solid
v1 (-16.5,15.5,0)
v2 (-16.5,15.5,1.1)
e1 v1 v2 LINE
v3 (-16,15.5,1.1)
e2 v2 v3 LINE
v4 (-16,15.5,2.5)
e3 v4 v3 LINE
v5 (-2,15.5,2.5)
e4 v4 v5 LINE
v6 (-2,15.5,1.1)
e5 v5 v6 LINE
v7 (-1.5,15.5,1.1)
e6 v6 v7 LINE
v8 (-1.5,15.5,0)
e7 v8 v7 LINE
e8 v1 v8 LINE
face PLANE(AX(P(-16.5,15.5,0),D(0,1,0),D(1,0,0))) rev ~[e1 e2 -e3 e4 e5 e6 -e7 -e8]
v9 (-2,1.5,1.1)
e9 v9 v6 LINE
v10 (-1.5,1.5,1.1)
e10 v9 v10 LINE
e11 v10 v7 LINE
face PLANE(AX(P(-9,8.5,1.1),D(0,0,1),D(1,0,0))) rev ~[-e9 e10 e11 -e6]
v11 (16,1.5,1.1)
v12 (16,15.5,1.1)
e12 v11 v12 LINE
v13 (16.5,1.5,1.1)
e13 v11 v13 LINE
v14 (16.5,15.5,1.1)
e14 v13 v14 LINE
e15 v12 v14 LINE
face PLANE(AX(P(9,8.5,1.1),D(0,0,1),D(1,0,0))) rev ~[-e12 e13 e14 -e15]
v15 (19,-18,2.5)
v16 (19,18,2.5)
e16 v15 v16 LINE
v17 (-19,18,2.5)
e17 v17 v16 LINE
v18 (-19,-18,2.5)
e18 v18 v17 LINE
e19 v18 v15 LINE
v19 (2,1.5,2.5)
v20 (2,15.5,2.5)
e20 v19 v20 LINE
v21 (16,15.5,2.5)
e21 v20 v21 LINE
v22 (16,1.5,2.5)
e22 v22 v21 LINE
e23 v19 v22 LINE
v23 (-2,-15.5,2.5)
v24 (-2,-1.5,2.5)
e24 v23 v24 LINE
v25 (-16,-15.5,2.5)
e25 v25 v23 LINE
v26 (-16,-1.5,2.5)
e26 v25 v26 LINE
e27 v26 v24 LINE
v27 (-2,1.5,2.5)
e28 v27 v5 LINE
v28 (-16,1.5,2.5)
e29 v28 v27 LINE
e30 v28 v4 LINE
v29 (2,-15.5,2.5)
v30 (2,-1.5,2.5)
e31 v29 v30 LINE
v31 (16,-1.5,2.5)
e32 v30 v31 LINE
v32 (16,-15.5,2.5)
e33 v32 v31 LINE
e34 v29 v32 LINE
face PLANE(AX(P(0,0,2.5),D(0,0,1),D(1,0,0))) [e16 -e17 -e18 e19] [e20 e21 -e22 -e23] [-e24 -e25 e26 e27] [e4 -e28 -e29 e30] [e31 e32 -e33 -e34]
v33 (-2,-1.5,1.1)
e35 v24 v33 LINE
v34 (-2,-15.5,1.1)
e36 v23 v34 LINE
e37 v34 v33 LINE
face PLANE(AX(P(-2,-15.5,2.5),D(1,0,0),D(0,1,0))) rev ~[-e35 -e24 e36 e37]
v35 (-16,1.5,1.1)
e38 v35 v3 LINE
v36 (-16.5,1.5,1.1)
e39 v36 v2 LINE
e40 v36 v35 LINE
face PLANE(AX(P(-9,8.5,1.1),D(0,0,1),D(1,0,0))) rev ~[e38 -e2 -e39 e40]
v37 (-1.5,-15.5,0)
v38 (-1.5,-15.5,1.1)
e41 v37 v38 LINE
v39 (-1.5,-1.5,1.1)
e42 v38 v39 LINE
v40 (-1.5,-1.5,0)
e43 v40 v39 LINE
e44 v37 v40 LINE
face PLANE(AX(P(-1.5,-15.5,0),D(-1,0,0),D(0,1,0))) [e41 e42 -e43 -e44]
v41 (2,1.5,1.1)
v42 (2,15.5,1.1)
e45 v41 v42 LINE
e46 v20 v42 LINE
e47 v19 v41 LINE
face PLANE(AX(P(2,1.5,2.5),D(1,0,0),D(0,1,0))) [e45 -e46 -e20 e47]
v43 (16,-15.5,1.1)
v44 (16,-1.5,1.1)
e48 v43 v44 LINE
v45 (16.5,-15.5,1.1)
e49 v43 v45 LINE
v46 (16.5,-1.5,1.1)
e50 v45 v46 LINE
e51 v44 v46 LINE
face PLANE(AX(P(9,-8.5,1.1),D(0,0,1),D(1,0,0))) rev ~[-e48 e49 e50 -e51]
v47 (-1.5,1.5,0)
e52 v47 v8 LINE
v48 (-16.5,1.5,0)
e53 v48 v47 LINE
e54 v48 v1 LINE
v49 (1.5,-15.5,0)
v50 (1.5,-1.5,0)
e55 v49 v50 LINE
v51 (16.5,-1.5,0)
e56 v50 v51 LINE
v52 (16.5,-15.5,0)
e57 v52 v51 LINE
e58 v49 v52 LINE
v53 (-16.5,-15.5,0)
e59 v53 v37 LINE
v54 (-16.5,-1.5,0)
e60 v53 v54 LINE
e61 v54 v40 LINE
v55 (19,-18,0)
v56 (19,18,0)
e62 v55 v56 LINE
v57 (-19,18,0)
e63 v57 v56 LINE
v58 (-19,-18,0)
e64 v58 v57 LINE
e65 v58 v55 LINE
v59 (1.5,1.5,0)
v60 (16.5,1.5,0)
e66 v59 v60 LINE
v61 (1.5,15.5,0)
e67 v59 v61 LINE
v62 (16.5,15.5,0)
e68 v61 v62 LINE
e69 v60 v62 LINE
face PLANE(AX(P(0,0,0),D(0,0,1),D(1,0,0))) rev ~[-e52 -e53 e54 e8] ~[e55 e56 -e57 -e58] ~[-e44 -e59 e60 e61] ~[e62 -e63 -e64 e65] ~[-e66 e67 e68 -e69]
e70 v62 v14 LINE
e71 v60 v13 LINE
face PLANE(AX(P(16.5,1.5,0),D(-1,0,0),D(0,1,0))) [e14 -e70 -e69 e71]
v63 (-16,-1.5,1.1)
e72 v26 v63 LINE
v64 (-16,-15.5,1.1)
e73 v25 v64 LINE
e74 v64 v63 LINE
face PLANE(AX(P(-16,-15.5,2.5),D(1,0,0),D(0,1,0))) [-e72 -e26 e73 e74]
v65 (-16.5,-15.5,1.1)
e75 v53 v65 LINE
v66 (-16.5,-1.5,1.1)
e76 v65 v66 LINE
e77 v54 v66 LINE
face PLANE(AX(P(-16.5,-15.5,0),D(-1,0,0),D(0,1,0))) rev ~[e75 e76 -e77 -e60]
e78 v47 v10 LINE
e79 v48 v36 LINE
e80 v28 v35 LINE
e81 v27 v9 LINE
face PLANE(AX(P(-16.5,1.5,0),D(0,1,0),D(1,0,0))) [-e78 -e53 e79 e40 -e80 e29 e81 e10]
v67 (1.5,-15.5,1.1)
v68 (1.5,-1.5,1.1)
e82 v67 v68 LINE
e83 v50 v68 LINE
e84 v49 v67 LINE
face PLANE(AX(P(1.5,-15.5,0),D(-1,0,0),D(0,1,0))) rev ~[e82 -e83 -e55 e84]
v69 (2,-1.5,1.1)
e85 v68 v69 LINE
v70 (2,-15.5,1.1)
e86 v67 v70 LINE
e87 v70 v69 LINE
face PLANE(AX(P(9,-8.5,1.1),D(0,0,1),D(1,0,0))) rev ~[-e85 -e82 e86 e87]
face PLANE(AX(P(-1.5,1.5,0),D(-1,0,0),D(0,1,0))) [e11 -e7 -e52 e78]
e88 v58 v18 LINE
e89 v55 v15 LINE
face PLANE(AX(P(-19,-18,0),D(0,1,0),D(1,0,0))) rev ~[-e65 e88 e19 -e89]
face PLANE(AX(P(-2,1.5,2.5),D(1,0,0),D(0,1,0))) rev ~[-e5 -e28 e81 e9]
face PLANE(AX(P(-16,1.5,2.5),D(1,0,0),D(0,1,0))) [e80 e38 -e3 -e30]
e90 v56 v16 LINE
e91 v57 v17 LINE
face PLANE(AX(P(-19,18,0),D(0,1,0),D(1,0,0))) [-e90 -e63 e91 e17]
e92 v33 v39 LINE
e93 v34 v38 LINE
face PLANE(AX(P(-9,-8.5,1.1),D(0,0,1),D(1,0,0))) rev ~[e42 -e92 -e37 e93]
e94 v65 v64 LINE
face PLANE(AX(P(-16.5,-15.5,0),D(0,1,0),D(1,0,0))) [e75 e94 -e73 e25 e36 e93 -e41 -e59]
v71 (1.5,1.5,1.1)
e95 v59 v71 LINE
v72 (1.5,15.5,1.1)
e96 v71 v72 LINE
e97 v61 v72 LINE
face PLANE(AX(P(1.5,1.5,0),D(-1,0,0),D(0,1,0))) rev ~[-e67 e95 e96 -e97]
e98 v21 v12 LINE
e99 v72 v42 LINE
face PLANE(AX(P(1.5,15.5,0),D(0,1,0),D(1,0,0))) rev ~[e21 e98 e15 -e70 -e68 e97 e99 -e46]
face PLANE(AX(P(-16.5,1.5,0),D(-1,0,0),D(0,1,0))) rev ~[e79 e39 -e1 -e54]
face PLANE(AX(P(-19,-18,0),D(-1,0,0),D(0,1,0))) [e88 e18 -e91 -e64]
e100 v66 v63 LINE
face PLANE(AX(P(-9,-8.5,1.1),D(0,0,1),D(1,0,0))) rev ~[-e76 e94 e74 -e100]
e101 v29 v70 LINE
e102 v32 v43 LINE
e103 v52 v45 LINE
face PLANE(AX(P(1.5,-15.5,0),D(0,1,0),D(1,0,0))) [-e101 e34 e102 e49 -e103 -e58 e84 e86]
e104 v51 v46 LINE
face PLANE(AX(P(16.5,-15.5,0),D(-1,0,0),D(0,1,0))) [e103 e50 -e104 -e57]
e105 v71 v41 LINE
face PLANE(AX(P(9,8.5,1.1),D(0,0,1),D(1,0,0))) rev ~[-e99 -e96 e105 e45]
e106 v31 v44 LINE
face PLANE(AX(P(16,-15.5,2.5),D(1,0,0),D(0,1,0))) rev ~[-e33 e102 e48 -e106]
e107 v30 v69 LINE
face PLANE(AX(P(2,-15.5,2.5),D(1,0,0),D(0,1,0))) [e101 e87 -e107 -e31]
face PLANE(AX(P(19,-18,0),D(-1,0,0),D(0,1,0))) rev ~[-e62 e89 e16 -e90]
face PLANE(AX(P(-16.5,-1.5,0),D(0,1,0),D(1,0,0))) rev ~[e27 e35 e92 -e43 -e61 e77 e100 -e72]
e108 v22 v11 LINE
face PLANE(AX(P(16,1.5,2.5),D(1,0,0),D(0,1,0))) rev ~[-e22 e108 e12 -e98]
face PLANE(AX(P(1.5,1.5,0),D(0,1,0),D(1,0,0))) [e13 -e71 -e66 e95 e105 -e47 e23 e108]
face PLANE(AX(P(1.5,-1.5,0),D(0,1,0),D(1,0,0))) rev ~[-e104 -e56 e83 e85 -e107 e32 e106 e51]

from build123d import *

# Parameters (mm, degrees)
SKETCH_W        = 38
SKETCH_H        = 36
PAD_DEPTH       = 2.5
SKETCH001_W     = 14
SKETCH001_H     = 14
POCKET_DEPTH    = 1.4
SKETCH002_W     = 15
SKETCH002_H     = 14
POCKET001_DEPTH = 1.1


with BuildPart() as part:
    # Sketch → Pad (new body)
    with BuildSketch(Plane.XY):
        Rectangle(SKETCH_W, SKETCH_H)
    extrude(amount=PAD_DEPTH)

    # Sketch001 (on DatumPlane) → Pocket (cut)
    with BuildSketch(Plane.XY.offset(2.5)):
        with Locations((-9, 8.5)):
            Rectangle(SKETCH001_W, SKETCH001_H)
        with Locations((9, 8.5)):
            Rectangle(SKETCH001_W, SKETCH001_H)
        with Locations((9, -8.5)):
            Rectangle(SKETCH001_W, SKETCH001_H)
        with Locations((-9, -8.5)):
            Rectangle(SKETCH001_W, SKETCH001_H)
    extrude(amount=-POCKET_DEPTH, mode=Mode.SUBTRACT)

    # Sketch002 → Pocket001 (cut)
    with BuildSketch(Plane.XY):
        with Locations((9, -8.5)):
            Rectangle(SKETCH002_W, SKETCH002_H)
        with Locations((9, 8.5)):
            Rectangle(SKETCH002_W, SKETCH002_H)
        with Locations((-9, 8.5)):
            Rectangle(SKETCH002_W, SKETCH002_H)
        with Locations((-9, -8.5)):
            Rectangle(SKETCH002_W, SKETCH002_H)
    extrude(amount=POCKET001_DEPTH, mode=Mode.SUBTRACT)


solid = part.part
